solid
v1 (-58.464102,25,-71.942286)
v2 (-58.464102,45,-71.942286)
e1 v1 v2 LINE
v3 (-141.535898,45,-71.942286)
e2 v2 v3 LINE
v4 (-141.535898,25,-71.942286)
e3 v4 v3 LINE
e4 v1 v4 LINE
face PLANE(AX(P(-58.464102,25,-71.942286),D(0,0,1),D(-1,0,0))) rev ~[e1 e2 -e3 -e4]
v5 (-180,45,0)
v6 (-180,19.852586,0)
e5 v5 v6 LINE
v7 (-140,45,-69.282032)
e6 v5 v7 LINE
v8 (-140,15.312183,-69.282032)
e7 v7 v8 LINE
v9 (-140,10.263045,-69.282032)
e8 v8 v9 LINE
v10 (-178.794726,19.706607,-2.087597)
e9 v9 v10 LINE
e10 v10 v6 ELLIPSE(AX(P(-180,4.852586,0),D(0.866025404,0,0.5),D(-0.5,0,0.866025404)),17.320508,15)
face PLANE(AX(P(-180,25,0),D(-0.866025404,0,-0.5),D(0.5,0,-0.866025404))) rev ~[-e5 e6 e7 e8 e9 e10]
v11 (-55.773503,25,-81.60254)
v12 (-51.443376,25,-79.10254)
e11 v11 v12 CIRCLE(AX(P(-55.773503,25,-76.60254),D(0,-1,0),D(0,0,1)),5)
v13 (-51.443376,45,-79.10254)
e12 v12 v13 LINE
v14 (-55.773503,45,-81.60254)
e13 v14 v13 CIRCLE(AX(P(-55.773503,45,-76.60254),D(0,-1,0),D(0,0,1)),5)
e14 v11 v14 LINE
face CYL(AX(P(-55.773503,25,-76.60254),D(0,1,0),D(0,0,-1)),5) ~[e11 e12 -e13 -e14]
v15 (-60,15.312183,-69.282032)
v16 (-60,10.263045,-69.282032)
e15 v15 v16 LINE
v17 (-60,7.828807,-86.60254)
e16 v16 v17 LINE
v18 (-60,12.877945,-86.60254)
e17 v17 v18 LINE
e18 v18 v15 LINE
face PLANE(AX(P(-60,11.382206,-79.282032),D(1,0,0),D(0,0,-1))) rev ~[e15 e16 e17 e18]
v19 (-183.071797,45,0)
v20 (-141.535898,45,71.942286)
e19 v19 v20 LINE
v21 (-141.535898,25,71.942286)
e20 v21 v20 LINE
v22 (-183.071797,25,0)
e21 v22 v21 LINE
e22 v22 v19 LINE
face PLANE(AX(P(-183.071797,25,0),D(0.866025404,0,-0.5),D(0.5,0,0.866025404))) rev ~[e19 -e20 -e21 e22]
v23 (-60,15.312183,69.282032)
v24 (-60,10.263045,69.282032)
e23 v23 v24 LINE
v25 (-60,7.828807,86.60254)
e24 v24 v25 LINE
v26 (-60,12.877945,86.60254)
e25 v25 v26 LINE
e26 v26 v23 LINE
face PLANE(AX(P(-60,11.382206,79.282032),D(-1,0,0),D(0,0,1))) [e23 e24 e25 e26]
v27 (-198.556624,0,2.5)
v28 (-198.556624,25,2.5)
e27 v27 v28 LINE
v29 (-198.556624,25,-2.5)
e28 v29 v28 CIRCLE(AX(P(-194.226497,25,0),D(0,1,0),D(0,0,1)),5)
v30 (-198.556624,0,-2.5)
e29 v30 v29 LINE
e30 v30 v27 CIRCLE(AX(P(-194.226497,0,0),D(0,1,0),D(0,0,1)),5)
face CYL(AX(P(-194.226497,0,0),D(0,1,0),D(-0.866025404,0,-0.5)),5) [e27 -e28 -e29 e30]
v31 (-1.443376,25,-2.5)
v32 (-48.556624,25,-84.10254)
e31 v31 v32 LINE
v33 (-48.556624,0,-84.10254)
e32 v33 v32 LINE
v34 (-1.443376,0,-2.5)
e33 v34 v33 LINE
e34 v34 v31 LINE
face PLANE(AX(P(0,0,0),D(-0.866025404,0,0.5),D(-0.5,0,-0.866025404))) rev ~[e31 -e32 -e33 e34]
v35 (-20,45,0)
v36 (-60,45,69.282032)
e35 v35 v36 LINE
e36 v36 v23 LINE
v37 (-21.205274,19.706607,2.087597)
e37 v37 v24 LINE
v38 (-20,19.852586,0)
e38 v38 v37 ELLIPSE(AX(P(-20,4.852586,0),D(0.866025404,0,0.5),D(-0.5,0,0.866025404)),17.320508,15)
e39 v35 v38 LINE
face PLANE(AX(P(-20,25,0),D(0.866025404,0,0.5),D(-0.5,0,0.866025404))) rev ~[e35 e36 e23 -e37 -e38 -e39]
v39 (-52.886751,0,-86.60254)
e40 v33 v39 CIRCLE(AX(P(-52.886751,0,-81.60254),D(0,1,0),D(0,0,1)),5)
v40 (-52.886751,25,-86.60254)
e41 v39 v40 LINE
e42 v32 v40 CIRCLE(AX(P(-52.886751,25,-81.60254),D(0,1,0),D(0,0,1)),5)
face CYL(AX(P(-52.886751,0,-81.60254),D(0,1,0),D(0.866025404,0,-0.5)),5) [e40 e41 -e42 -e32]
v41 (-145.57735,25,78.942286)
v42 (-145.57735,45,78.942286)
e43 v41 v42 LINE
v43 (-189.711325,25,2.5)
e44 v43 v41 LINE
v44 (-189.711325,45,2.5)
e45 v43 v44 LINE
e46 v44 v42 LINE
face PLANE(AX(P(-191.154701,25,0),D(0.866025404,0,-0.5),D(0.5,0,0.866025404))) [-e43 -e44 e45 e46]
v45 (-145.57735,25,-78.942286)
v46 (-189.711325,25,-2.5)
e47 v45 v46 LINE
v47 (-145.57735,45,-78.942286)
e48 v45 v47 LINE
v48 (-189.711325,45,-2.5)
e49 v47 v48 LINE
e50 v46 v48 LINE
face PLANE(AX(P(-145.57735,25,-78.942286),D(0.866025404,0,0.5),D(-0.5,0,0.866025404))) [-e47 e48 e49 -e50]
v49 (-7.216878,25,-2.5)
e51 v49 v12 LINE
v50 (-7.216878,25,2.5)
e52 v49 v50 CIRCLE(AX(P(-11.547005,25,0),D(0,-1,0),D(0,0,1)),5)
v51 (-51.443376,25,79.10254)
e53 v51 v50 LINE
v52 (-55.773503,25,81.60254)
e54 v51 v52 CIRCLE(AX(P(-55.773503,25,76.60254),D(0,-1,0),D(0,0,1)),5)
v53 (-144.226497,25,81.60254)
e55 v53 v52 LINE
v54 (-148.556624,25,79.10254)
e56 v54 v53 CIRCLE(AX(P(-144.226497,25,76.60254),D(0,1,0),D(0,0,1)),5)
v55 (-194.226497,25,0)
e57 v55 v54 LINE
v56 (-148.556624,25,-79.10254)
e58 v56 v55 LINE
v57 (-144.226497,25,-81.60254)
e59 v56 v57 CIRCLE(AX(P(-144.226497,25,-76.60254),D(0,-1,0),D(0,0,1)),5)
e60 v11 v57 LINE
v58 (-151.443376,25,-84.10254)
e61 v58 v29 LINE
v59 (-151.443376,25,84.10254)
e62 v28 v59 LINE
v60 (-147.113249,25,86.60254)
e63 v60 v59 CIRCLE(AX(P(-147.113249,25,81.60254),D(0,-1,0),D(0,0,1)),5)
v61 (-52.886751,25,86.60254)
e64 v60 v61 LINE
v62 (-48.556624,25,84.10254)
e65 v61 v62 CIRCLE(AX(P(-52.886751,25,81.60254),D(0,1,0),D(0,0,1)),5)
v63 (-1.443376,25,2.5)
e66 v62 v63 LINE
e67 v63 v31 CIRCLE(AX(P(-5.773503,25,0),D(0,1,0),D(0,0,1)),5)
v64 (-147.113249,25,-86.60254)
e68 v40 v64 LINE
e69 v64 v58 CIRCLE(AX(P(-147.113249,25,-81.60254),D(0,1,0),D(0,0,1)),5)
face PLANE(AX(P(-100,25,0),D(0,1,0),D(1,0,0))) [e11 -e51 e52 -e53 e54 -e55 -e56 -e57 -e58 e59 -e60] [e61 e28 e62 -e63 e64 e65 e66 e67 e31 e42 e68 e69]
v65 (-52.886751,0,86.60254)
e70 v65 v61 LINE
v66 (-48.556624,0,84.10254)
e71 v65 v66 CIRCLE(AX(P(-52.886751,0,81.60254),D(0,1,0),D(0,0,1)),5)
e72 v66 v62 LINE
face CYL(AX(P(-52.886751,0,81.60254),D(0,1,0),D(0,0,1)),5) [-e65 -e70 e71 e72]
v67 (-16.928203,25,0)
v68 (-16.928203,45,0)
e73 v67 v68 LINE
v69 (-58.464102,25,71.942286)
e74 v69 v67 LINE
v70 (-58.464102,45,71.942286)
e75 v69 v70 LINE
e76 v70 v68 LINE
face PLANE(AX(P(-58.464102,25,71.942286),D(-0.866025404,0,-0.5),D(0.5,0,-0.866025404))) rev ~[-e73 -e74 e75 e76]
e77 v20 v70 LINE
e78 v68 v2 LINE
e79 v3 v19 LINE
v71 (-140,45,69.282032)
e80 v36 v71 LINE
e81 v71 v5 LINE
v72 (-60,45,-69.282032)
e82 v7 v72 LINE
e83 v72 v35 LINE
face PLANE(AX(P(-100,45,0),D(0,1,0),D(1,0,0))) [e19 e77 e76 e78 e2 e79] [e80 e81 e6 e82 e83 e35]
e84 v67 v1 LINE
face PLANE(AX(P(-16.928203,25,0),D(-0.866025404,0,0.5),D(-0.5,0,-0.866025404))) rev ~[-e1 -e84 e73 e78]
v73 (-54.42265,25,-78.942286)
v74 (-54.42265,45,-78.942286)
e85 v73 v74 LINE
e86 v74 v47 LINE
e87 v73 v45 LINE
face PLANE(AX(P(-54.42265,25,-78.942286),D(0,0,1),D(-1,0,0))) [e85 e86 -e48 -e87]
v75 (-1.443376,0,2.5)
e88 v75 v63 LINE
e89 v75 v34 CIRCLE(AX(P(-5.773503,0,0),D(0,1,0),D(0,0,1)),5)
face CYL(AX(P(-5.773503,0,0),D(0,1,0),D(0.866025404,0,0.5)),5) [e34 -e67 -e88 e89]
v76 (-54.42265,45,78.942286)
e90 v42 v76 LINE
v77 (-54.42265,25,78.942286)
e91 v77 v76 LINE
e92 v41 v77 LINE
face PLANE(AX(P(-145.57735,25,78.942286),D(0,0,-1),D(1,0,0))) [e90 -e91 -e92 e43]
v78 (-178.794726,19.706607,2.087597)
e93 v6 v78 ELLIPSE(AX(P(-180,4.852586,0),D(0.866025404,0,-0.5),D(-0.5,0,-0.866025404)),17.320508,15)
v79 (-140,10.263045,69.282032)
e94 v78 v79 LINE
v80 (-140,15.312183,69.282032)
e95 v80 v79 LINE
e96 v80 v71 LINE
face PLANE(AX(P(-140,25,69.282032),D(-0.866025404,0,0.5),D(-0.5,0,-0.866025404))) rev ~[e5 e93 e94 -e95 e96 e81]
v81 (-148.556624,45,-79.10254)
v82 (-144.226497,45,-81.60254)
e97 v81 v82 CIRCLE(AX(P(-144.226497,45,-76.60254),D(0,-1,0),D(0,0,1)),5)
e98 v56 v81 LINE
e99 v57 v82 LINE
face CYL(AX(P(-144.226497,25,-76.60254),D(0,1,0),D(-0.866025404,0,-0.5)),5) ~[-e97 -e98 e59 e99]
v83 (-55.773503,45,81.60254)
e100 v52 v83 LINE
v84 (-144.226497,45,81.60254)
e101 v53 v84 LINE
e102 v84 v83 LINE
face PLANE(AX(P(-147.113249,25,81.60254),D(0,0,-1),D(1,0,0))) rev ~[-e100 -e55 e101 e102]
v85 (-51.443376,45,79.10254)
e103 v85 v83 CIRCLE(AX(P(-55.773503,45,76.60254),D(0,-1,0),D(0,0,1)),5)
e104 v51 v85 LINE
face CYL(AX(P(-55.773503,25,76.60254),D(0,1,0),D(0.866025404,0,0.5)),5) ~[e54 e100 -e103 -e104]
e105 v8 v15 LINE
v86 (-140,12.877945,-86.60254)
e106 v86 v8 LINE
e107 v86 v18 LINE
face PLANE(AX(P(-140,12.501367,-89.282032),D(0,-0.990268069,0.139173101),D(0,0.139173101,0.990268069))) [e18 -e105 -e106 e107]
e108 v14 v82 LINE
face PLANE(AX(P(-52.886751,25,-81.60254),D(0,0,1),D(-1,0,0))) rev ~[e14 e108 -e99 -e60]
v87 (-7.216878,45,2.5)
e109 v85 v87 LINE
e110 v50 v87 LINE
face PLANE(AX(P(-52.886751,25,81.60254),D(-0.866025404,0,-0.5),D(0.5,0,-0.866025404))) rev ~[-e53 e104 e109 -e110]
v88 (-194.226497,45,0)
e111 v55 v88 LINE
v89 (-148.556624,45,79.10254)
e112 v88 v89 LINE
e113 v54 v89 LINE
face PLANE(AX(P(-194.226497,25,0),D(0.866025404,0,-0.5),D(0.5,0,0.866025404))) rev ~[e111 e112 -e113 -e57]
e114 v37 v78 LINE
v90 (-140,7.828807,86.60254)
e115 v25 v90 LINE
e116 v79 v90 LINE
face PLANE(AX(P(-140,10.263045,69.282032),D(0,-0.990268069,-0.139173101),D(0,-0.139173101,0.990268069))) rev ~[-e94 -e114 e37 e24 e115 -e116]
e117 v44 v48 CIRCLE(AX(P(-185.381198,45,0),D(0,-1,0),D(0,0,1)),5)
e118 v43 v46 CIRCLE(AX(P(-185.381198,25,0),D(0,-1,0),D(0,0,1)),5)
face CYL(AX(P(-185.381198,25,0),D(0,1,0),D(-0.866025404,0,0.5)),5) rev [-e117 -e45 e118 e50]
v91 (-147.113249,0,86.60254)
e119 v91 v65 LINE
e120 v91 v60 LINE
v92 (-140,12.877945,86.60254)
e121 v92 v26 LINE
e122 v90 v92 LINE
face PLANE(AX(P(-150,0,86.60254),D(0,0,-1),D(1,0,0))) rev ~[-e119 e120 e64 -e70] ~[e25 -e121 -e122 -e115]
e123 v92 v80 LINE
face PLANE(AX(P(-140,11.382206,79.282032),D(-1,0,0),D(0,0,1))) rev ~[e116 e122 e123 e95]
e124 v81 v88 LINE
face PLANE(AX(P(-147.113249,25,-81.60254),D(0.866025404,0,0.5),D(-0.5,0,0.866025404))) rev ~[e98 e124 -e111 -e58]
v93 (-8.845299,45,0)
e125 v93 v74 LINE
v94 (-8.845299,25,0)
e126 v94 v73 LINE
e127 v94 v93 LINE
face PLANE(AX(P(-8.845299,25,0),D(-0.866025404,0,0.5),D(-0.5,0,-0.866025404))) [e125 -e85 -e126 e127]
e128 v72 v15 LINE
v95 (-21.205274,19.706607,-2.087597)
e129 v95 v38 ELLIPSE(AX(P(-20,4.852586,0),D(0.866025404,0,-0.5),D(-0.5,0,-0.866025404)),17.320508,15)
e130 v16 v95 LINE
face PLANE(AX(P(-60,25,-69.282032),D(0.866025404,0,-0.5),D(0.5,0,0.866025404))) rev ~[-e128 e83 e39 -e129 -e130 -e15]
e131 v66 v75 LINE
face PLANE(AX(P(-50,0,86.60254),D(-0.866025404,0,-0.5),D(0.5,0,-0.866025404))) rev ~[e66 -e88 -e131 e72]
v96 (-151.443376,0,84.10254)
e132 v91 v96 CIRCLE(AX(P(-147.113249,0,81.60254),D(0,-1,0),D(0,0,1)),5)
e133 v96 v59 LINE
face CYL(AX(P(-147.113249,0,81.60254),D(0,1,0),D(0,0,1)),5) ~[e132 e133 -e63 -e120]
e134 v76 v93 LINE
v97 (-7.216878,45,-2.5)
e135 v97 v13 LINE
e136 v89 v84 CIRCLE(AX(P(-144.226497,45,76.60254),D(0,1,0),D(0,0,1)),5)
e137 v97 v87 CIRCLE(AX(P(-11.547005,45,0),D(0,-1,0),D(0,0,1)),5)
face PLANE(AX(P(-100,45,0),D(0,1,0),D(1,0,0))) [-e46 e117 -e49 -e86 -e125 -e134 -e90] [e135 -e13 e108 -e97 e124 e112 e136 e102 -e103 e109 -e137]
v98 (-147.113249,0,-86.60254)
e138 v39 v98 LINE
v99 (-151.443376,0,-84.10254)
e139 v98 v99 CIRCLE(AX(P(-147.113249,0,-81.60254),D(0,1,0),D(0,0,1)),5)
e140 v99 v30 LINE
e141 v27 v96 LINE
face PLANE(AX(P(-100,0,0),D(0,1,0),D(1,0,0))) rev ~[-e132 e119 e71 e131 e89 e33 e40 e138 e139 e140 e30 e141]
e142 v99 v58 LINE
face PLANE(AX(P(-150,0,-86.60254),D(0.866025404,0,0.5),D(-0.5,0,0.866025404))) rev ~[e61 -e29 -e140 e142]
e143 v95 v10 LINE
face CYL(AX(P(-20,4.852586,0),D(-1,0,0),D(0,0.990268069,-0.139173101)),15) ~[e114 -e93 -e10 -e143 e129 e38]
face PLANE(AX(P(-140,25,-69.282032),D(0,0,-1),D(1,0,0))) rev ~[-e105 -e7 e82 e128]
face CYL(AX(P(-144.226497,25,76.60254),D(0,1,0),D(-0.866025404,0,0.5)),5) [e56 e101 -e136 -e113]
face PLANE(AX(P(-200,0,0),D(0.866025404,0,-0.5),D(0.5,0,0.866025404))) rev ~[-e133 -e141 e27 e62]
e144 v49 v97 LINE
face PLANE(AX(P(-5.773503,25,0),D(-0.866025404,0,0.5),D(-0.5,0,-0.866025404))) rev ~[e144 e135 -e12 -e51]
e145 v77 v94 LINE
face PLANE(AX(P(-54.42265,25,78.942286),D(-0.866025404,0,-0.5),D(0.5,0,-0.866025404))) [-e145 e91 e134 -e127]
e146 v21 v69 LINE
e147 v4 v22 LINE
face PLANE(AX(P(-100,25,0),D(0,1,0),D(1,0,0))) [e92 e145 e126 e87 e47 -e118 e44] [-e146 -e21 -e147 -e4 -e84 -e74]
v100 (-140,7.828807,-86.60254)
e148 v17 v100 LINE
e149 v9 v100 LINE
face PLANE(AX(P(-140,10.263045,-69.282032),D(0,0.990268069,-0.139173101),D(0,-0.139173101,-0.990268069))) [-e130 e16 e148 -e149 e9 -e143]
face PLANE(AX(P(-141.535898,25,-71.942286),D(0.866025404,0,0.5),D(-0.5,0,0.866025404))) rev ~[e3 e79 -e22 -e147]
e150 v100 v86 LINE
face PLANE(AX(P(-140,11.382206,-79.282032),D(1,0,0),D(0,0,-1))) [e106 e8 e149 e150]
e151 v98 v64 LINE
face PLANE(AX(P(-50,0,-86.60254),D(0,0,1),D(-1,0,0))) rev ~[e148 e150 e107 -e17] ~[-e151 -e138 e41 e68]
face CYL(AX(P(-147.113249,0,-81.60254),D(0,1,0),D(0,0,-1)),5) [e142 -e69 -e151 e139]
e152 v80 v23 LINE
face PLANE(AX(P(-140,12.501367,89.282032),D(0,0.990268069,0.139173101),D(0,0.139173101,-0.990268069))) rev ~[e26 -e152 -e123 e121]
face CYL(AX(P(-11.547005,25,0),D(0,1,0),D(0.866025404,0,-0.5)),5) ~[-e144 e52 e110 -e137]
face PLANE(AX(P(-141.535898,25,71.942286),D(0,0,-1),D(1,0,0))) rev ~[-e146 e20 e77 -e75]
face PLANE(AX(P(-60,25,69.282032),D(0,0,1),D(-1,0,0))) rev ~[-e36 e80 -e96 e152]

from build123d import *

# Parameters (mm, degrees)
BOSS_EXTRUDE1_DEPTH            = 25
CUT_EXTRUDE1_DEPTH             = 5
CUT_EXTRUDE7_REACH             = 136.629
CUT_EXTRUDE7_DIRECTION_2_REACH = 136.629
CUT_EXTRUDE8_REACH             = 136.629
CUT_EXTRUDE8_DIRECTION_2_REACH = 136.629
CUT_EXTRUDE9_DEPTH             = 40
CUT_EXTRUDE9_DEPTH_BACK        = 40
FILLET2_R                      = 15
BOSS_EXTRUDE5_DEPTH            = 20
FILLET3_R                      = 5


with BuildPart() as part:
    # Sketch1 → Boss-Extrude1 (new body)
    with BuildSketch(Plane(origin=(0, 0, 0), x_dir=(1, 0, 0), z_dir=(0, 1, 0))):
        Polygon((0, 0), (-50, 86.6025403784439), (-149.99999999999997, 86.60254037844393), (-199.99999999999997, 1.041e-14), (-150.00000000000003, -86.60254037844386), (-50.00000000000001, -86.60254037844389), align=None)
    extrude(amount=BOSS_EXTRUDE1_DEPTH)

    # Sketch6 → Cut-Extrude1 (cut)
    with BuildSketch(Plane(origin=(0, 25, 0), x_dir=(1, 0, 0), z_dir=(0, 1, 0))):
        Polygon((-180, 5.476e-14), (-139.99999999999997, -69.28203230275507), (-59.99999999999997, -69.28203230275508), (-20.000000000000004, 1.463e-14), (-60.000000000000014, 69.28203230275516), (-140, 69.28203230275516), align=None)
    extrude(amount=-CUT_EXTRUDE1_DEPTH, mode=Mode.SUBTRACT)

    # Cut-Extrude7: up to this plane
    cut_extrude7_end = Plane(origin=(-20.000000000000004, 20, -1.463e-14), z_dir=(0.8660254037844388, 0, -0.49999999999999983))
    # Sketch21 → Cut-Extrude7 (cut, up to the surface)
    with BuildSketch(Plane(origin=(-100, 0, 0), x_dir=(0, 0, -1), z_dir=(1, 0, 0)), mode=Mode.PRIVATE) as cut_extrude7_sk1:
        Polygon((69.28203230275516, 20), (69.28203230275516, 10.263045350293245), (3.123e-14, 20), align=None)
    cut_extrude7_tool1 = split(extrude(cut_extrude7_sk1.sketch, amount=CUT_EXTRUDE7_REACH, mode=Mode.PRIVATE), bisect_by=cut_extrude7_end, keep=Keep.BOTH, mode=Mode.PRIVATE)
    add(cut_extrude7_tool1.solids().sort_by_distance((-100, 16.754348, -46.188022))[0], mode=Mode.SUBTRACT)

    # Cut-Extrude7 direction 2: up to this plane
    cut_extrude7_direction_2_end = Plane(origin=(-140, 20, -69.28203230275516), z_dir=(-0.8660254037844388, 0, -0.4999999999999998))
    # Sketch21 → Cut-Extrude7 direction 2 (cut, up to the surface)
    with BuildSketch(Plane(origin=(-100, 0, 0), x_dir=(0, 0, -1), z_dir=(1, 0, 0)), mode=Mode.PRIVATE) as cut_extrude7_direction_2_sk1:
        Polygon((69.28203230275516, 20), (69.28203230275516, 10.263045350293245), (3.123e-14, 20), align=None)
    cut_extrude7_direction_2_tool1 = split(extrude(cut_extrude7_direction_2_sk1.sketch, amount=-CUT_EXTRUDE7_DIRECTION_2_REACH, mode=Mode.PRIVATE), bisect_by=cut_extrude7_direction_2_end, keep=Keep.BOTH, mode=Mode.PRIVATE)
    add(cut_extrude7_direction_2_tool1.solids().sort_by_distance((-100, 16.754348, -46.188022))[0], mode=Mode.SUBTRACT)

    # Cut-Extrude8: up to this plane
    cut_extrude8_end = Plane(origin=(-59.99999999999997, 20, 69.28203230275508), z_dir=(0.8660254037844388, 0, 0.49999999999999967))
    # Sketch22 → Cut-Extrude8 (cut, up to the surface)
    with BuildSketch(Plane(origin=(-100, 0, 0), x_dir=(0, 0, -1), z_dir=(1, 0, 0)), mode=Mode.PRIVATE) as cut_extrude8_sk1:
        Polygon((3.123e-14, 20), (-69.28203230275508, 10.26304535029323), (-69.28203230275508, 20), align=None)
    cut_extrude8_tool1 = split(extrude(cut_extrude8_sk1.sketch, amount=CUT_EXTRUDE8_REACH, mode=Mode.PRIVATE), bisect_by=cut_extrude8_end, keep=Keep.BOTH, mode=Mode.PRIVATE)
    add(cut_extrude8_tool1.solids().sort_by_distance((-100, 16.754348, 46.188022))[0], mode=Mode.SUBTRACT)

    # Cut-Extrude8 direction 2: up to this plane
    cut_extrude8_direction_2_end = Plane(origin=(-180, 20, -5.476e-14), z_dir=(-0.8660254037844387, 0, 0.5))
    # Sketch22 → Cut-Extrude8 direction 2 (cut, up to the surface)
    with BuildSketch(Plane(origin=(-100, 0, 0), x_dir=(0, 0, -1), z_dir=(1, 0, 0)), mode=Mode.PRIVATE) as cut_extrude8_direction_2_sk1:
        Polygon((3.123e-14, 20), (-69.28203230275508, 10.26304535029323), (-69.28203230275508, 20), align=None)
    cut_extrude8_direction_2_tool1 = split(extrude(cut_extrude8_direction_2_sk1.sketch, amount=-CUT_EXTRUDE8_DIRECTION_2_REACH, mode=Mode.PRIVATE), bisect_by=cut_extrude8_direction_2_end, keep=Keep.BOTH, mode=Mode.PRIVATE)
    add(cut_extrude8_direction_2_tool1.solids().sort_by_distance((-100, 16.754348, 46.188022))[0], mode=Mode.SUBTRACT)

    # Sketch23 → Cut-Extrude9 (cut, two sides: drawn at the far end of the back side and taken through both)
    with BuildSketch(Plane(origin=(-100, 0, 0), x_dir=(0, 0, -1), z_dir=(1, 0, 0)).offset(-CUT_EXTRUDE9_DEPTH_BACK)):
        Polygon((69.28203230275516, 10.263045350293245), (89.28203230275517, 7.452228656245558), (89.28203230275517, 12.501366518838644), (69.28203230275516, 15.312183212886326), align=None)
        Polygon((-69.28203230275516, 15.312183212886326), (-69.28203230275516, 10.263045350293245), (-89.28203230275517, 7.452228656245558), (-89.28203230275517, 12.501366518838644), align=None)
    extrude(amount=CUT_EXTRUDE9_DEPTH + CUT_EXTRUDE9_DEPTH_BACK, mode=Mode.SUBTRACT)

    # Fillet2
    fillet2_edges = [part.edges().sort_by_distance(p)[0] for p in [
        (-100, 20, -3.347e-14),
    ]]
    fillet(fillet2_edges, radius=FILLET2_R)

    # Sketch27 → Boss-Extrude5 (add)
    # profile 1 of 2: a face of its own
    with BuildSketch(Plane(origin=(0, 25, 0), x_dir=(1, 0, 0), z_dir=(0, 1, 0))):
        Polygon((-147.1132486552964, -81.60254038059946), (-52.8867513447036, -81.60254038059949), (-5.773502689407191, -2.776e-14), (-52.88675134470361, 81.60254038059944), (-147.1132486552964, 81.60254038059945), (-194.22649731059275, -2.775e-14), align=None)
        Polygon((-54.42264973081038, -78.94228634059947), (-8.845299461620776, -2.374e-14), (-54.4226497308104, 78.9422863405995), (-145.57735026918957, 78.9422863405995), (-191.1547005383792, -1.365e-14), (-145.57735026918962, -78.94228634059945), align=None, mode=Mode.SUBTRACT)
    # profile 2 of 2: a face of its own
    with BuildSketch(Plane(origin=(0, 25, 0), x_dir=(1, 0, 0), z_dir=(0, 1, 0))):
        Polygon((-141.5358983848622, -71.94228634059951), (-58.46410161513772, -71.94228634059952), (-16.92820323027549, 1.392e-14), (-58.4641016151377, 71.94228634059947), (-141.53589838486224, 71.94228634059947), (-183.0717967697245, -2.773e-14), align=None)
        Polygon((-139.99999999999997, -69.28203230275507), (-180, 6.939e-14), (-140, 69.28203230275516), (-60.000000000000014, 69.28203230275516), (-20.000000000000004, 1.463e-14), (-59.99999999999997, -69.28203230275508), align=None, mode=Mode.SUBTRACT)
    extrude(amount=BOSS_EXTRUDE5_DEPTH)

    # Fillet3
    fillet3_edges = [part.edges().sort_by_distance(p)[0] for p in [
        (-50.00000000000001, 12.5, 86.60254037844389),
        (-150.00000000000003, 12.5, 86.60254037844386),
        (-147.1132486552964, 35, 81.60254038059946),
        (-199.99999999999997, 12.5, -1.041e-14),
        (-52.8867513447036, 35, 81.60254038059949),
        (-5.773502689407191, 35, 2.776e-14),
        (-149.99999999999997, 12.5, -86.60254037844393),
        (-52.88675134470361, 35, -81.60254038059944),
        (-147.1132486552964, 35, -81.60254038059945),
        (-50, 12.5, -86.6025403784439),
        (0, 12.5, 0),
        (-191.1547005383792, 35, 1.365e-14),
    ]]
    fillet(fillet3_edges, radius=FILLET3_R)


solid = part.part
